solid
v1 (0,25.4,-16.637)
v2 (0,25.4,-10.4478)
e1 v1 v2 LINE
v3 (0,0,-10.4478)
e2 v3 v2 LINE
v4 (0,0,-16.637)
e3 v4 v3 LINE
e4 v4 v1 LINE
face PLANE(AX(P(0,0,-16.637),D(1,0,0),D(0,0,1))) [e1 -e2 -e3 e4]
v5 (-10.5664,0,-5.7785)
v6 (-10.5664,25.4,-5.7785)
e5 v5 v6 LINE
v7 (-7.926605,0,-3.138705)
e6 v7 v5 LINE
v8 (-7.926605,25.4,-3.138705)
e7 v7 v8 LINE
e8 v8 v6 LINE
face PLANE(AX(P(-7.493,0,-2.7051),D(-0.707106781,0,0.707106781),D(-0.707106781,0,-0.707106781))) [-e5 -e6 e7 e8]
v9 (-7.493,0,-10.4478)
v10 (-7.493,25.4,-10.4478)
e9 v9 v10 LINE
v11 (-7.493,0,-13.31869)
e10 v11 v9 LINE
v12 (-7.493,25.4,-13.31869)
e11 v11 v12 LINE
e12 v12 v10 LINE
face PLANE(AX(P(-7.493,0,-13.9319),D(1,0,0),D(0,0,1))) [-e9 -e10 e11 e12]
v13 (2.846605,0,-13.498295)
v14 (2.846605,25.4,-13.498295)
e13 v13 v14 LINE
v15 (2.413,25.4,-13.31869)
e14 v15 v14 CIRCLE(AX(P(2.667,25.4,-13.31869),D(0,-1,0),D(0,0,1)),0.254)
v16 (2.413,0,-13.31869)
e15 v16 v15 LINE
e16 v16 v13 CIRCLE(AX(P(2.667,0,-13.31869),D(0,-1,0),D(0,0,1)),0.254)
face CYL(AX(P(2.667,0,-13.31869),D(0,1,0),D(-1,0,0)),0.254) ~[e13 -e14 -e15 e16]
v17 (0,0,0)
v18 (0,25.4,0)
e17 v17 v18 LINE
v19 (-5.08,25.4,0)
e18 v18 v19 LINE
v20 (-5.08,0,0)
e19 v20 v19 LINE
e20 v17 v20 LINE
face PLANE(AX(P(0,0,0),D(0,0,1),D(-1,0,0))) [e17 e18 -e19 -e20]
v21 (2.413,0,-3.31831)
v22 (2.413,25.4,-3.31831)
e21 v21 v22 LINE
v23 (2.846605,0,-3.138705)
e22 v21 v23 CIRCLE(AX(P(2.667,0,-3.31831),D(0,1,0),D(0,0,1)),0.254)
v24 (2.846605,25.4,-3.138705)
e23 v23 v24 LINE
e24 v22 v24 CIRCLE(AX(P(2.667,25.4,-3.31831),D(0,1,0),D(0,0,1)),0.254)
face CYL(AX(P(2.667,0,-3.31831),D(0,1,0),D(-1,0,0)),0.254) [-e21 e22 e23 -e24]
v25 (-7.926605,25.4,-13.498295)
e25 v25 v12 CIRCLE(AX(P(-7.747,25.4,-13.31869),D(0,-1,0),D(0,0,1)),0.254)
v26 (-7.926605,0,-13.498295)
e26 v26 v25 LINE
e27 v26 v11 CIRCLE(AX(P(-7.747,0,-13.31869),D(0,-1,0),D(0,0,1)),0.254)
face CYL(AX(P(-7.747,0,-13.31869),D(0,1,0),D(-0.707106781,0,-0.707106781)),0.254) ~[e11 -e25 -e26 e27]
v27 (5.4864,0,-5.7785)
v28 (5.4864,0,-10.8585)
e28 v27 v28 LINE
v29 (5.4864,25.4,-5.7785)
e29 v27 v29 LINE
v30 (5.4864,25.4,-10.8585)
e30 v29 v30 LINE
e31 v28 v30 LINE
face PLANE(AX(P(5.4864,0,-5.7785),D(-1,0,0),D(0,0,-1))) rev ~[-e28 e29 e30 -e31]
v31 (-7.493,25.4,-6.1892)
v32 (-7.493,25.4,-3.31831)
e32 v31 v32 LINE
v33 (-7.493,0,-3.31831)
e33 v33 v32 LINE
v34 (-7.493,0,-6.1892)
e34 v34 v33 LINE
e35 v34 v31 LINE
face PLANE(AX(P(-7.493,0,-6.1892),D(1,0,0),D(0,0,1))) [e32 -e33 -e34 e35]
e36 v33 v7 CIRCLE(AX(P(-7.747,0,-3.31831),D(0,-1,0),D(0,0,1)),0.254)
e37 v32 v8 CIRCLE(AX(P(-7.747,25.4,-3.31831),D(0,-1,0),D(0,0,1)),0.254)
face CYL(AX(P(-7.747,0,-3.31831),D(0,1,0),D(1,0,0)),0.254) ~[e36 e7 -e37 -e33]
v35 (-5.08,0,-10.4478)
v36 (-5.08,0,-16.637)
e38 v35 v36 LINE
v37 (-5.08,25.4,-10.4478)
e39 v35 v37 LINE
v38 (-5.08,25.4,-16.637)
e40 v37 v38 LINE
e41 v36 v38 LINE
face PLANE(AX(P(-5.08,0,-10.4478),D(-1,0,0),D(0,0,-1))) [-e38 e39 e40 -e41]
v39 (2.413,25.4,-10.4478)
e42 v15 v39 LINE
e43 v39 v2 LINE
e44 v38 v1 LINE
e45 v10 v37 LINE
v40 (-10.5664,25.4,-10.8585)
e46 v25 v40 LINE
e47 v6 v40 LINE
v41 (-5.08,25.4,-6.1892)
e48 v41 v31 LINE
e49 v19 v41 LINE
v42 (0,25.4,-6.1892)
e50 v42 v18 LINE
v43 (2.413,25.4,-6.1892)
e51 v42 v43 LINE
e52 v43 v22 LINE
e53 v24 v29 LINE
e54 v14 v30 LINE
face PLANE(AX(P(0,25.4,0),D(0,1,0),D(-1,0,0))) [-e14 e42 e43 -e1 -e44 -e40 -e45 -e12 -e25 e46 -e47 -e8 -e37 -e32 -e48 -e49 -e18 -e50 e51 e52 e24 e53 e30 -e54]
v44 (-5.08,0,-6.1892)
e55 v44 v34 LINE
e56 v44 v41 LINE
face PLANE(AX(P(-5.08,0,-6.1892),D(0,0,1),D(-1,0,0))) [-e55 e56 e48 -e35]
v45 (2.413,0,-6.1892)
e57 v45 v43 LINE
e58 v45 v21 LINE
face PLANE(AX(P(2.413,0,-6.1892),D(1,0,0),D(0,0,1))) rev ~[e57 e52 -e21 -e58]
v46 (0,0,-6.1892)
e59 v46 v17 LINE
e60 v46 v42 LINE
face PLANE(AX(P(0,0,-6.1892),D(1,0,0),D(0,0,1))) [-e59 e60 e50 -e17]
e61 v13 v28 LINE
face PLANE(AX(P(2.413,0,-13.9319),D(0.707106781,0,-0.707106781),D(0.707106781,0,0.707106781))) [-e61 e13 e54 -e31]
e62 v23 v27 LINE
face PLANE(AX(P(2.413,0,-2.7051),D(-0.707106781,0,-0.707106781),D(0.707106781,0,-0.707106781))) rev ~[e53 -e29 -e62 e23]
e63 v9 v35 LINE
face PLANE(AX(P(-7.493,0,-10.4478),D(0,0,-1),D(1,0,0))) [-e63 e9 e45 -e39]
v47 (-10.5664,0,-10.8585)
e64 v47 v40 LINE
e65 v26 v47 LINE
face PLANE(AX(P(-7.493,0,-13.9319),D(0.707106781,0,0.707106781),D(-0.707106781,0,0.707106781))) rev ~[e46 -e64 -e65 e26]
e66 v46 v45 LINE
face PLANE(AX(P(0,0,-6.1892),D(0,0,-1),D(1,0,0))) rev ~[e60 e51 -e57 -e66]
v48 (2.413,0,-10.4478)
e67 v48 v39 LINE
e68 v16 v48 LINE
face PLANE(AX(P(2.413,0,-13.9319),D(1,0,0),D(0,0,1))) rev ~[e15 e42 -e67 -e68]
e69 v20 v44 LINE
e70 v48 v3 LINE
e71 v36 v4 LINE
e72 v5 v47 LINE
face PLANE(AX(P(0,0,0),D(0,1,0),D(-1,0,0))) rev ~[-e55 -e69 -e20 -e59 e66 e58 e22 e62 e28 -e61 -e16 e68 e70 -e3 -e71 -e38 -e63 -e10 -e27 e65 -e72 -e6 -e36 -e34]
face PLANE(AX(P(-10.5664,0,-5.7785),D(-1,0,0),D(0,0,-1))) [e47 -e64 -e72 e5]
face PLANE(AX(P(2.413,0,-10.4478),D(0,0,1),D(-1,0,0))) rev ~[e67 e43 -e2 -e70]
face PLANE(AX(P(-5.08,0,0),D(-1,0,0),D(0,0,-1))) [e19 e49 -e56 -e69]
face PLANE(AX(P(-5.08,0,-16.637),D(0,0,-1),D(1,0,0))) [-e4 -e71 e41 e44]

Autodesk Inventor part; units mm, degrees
ref_plane "YZ Plane" through (0, 0, 0) normal (1, 0, 0) x (0, 1, 0)
ref_plane "XZ Plane" through (0, 0, 0) normal (0, 1, 0) x (-1, 0, 0)
ref_plane "XY Plane" through (0, 0, 0) normal (0, 0, 1) x (1, 0, 0)
sketch "Sketch1" plane through (0, 0, 0) normal (0, 1, 0) x (-1, 0, 0)
  line L0 (0, 0) -> (5.08, 0)
  line L1 (5.08, 0) -> (5.08, -16.637)
  line L2 (5.08, -16.637) -> (0, -16.637)
  line L3 (0, -16.637) -> (0, 0)
  line L4 (0, -6.1892) -> (7.493, -6.1892)
  line L5 (7.493, -6.1892) -> (7.493, -10.4478)
  line L6 (7.493, -10.4478) -> (0, -10.4478)
  line L7 (10.5664, -5.7785) -> (10.5664, -10.8585)
  line L8 (7.493, -13.9319) -> (7.493, -2.7051)
  line L9 (7.493, -13.9319) -> (10.5664, -10.8585)
  line L10 (7.493, -2.7051) -> (10.5664, -5.7785)
  line L11 (0, -6.1892) -> (-2.413, -6.1892)
  line L12 (-2.413, -10.4478) -> (0, -10.4478)
  line L13 (-5.4864, -5.7785) -> (-5.4864, -10.8585)
  line L14 (-2.413, -13.9319) -> (-2.413, -2.7051)
  line L15 (-2.413, -13.9319) -> (-5.4864, -10.8585)
  line L16 (-2.413, -2.7051) -> (-5.4864, -5.7785)
  point P0 (-4.9276, -6.1892)
  dimension "d0" = 5.08
  dimension "d1" = 16.637
  dimension "d2" = 2.413
  dimension "d9" = 3.0734
  dimension "d12" = 0
  dimension "d16" = 11.2268
  dimension "d20" = 135
  dimension "d21" = 135
  dimension "d24" = 6.1893
  dimension "d25" = 16.637
  dimension "d26" = 3.4842
  dimension "d33" = 3.4842
  dimension "d34" = 3.0734
  dimension "d35" = 2.413
  dimension "d36" = 6.1893
  dimension "d37" = 5.08
  dimension "d38" = 5.08
  dimension "d39" = 135
  dimension "d40" = 135
extrude "Extrusion2" add sketch "Sketch1" along normal blind 25.4
fillet "Fillet1" radius 0.254 4 edges at (2.413, 12.7, -13.9319) (-7.493, 12.7, -13.9319) (2.413, 12.7, -2.7051) (-7.493, 12.7, -2.7051)
equation "\"d16\" = d15"
equation "\"d21\" = d20"
equation "\"d24\" = -0.5 * d4 + 0.5 * d25"
equation "\"d15\" = 11.2268"
equation "\"d4\" = 4.2585"
properties part number "20X20 lift conecter" material "PC/ABS Plastic"
